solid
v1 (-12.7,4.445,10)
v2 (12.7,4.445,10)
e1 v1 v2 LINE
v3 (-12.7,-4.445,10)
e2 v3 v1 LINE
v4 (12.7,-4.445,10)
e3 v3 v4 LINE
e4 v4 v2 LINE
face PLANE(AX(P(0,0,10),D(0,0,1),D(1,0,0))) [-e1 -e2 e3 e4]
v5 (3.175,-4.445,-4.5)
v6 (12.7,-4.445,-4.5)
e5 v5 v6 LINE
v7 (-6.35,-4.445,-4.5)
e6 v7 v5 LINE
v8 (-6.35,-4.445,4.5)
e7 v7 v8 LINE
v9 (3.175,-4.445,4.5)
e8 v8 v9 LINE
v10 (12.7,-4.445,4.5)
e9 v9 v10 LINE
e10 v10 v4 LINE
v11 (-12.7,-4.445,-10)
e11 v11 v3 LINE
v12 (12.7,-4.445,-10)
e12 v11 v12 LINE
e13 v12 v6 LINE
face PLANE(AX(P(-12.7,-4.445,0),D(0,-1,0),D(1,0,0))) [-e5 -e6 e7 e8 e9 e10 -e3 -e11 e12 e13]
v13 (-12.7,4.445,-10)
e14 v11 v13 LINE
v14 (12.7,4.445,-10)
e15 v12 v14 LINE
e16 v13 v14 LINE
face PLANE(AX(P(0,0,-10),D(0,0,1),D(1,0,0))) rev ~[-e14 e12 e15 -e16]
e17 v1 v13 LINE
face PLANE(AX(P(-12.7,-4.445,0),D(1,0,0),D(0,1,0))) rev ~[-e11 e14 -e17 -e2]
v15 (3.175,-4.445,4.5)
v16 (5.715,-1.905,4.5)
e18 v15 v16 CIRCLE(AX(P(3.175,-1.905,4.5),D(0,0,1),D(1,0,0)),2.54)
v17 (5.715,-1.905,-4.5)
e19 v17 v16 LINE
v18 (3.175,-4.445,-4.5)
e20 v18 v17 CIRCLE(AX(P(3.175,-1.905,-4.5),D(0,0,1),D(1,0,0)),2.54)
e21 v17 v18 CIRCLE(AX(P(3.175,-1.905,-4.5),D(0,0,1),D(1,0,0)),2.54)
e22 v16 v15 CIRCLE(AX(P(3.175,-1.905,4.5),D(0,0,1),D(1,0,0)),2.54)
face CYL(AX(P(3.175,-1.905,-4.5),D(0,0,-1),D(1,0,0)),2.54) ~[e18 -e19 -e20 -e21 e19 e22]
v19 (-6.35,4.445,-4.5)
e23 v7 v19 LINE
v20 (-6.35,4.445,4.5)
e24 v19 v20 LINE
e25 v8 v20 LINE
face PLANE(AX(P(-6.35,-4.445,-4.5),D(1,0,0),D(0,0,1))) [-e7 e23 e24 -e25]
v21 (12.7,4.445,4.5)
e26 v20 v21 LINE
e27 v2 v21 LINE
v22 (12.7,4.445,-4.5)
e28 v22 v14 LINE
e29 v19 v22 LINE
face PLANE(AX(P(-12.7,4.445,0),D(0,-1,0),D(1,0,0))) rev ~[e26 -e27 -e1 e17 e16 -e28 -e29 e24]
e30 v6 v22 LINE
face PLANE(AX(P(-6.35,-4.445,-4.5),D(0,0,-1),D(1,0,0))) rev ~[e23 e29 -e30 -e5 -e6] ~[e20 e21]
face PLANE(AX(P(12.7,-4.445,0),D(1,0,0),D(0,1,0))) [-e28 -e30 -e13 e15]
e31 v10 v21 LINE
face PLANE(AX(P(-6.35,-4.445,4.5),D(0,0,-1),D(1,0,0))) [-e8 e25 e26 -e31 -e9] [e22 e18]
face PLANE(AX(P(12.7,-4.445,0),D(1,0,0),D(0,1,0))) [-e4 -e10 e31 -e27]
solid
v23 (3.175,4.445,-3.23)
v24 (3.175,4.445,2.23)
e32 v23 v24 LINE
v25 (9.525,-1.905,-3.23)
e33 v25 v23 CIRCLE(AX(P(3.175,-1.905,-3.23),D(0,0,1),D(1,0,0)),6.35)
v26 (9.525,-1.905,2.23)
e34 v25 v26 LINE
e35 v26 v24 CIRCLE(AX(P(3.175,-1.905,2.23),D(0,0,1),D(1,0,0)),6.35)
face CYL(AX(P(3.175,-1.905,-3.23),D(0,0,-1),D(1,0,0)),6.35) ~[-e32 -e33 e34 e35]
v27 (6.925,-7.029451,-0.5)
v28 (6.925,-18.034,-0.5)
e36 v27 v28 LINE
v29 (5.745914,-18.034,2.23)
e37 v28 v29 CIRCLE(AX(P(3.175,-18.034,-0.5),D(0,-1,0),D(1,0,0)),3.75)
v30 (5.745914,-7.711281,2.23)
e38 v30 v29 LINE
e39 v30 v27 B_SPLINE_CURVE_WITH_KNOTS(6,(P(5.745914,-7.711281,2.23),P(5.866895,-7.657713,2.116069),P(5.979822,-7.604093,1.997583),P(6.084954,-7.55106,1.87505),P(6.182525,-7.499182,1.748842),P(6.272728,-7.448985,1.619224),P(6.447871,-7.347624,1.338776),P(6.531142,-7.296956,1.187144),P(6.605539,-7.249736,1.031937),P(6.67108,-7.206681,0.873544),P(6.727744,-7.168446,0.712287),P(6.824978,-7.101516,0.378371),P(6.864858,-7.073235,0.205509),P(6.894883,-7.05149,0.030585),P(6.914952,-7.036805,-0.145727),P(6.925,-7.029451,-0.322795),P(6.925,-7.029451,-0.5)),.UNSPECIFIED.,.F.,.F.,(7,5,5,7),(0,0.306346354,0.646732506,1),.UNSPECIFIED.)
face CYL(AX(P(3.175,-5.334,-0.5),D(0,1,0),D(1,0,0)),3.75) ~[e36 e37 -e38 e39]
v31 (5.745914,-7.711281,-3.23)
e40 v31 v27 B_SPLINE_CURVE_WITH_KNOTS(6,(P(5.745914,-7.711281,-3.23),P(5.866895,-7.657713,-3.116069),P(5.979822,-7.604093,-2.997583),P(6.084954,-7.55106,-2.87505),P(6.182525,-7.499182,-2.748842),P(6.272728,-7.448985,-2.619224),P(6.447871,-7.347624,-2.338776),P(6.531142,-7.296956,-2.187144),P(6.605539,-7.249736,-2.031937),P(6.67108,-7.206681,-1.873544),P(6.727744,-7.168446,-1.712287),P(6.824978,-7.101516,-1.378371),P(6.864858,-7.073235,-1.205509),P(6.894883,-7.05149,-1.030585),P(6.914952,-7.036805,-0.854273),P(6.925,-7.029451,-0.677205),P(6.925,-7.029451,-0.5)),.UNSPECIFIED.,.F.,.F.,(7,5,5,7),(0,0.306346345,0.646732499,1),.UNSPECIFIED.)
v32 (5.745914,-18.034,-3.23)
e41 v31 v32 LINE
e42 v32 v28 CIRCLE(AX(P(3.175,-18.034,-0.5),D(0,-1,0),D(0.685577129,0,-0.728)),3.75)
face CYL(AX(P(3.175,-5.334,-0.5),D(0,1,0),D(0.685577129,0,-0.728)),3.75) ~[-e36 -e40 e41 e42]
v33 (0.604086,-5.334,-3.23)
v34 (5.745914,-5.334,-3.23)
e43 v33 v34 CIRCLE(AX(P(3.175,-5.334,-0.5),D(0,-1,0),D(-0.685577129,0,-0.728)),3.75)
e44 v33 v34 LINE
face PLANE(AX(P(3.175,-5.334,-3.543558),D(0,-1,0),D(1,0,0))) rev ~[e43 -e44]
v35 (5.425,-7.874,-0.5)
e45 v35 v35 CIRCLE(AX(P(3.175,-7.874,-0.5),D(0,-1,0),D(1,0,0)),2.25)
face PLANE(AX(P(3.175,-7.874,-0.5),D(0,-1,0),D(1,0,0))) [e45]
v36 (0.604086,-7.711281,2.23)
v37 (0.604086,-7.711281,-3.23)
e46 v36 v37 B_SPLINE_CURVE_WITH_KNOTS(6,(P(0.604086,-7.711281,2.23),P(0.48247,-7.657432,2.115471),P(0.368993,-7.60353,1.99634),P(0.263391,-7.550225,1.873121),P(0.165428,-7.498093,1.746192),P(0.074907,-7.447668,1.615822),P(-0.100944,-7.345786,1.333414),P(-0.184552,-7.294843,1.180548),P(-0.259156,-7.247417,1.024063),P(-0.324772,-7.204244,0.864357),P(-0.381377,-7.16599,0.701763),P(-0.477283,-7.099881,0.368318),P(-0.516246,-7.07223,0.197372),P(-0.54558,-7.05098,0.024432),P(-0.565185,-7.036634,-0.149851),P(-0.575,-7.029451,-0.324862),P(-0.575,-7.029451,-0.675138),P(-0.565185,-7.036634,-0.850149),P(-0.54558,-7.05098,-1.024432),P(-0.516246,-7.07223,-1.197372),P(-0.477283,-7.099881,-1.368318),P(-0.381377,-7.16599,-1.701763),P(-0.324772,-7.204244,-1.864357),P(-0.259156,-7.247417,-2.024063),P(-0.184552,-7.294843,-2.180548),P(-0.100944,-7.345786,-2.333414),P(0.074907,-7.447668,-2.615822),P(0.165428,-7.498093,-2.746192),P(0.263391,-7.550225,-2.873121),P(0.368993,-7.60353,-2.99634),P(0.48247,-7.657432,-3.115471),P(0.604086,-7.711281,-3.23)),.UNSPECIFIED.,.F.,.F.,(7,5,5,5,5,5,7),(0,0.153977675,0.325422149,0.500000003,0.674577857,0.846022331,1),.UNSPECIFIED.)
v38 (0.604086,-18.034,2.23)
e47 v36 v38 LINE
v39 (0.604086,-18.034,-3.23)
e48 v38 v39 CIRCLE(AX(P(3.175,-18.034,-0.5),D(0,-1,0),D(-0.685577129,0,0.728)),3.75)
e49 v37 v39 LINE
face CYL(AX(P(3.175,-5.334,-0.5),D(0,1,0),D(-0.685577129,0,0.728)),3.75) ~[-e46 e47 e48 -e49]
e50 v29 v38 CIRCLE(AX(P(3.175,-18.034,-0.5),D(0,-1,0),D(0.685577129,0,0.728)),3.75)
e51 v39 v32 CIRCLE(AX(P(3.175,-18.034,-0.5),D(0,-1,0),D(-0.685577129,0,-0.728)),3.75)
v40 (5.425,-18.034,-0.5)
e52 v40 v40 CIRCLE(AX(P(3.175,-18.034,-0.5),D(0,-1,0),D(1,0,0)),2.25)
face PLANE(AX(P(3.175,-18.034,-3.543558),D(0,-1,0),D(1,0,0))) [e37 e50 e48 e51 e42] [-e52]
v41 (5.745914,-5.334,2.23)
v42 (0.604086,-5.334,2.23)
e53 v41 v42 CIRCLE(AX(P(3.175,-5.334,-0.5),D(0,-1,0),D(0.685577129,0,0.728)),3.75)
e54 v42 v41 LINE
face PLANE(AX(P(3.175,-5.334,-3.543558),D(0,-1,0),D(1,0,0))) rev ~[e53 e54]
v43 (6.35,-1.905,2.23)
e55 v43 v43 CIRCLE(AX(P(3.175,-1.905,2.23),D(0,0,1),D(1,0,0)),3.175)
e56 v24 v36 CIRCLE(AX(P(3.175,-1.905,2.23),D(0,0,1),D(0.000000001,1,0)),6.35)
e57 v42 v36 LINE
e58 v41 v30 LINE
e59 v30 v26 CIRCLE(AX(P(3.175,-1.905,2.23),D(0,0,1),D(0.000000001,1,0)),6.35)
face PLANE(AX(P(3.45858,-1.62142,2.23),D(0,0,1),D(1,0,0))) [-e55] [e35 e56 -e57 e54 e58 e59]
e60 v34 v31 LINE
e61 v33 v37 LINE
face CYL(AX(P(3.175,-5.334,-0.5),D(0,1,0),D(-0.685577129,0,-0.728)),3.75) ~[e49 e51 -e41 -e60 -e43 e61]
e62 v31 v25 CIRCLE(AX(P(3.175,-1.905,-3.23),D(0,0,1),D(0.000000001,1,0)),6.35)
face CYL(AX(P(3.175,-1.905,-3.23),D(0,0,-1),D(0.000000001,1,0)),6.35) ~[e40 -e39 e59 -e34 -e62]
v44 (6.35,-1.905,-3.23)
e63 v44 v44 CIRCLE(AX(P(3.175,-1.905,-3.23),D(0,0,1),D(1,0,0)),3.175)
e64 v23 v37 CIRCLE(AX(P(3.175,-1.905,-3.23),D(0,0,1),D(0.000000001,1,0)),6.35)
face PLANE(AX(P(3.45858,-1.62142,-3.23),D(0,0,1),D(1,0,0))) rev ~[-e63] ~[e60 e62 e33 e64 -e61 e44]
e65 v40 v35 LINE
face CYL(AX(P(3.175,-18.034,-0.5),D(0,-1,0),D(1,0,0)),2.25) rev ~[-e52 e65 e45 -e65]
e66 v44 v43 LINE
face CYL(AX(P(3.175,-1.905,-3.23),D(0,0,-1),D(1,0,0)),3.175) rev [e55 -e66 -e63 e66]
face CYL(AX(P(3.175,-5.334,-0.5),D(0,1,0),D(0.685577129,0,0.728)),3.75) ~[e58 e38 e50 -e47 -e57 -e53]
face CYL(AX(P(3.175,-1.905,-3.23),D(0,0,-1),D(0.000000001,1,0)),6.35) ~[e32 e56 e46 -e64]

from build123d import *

# Parameters (mm, degrees)
F0_W      = 25.4
F0_H      = 8.89
F1_DEPTH  = 10
F2_W      = 19.05
F2_H      = 9
F3_DEPTH  = 8.891
F4_R      = 2.54
F5_DEPTH  = 9
F7_R      = 3.175
F8_DEPTH  = 5.46
F11_DEPTH = 12.7
F12_R     = 2.25
F13_DEPTH = 10.16


with BuildPart() as f1:
    # F0 (on Top) → F1 (new body, symmetric)
    with BuildSketch(Plane.XY):
        Rectangle(F0_W, F0_H)
    extrude(amount=F1_DEPTH, both=True)

    # F2 (on face) → F3 (cut, through all)
    with BuildSketch(Plane.XZ.offset(4.445)):
        with Locations((3.175, 0)):
            Rectangle(F2_W, F2_H)
    extrude(amount=-F3_DEPTH, mode=Mode.SUBTRACT)

    # F4 (on face) → F5 (join, through all)
    with BuildSketch(Plane.XY.offset(-4.5)):
        with Locations((3.175, -1.905)):
            Circle(F4_R)
    extrude(amount=F5_DEPTH)


with BuildPart() as f8:
    # F7 (on offset) → F8 (new body)
    with BuildSketch(Plane.XY.offset(-3.23)):
        with BuildLine():
            ThreePointArc((3.1750000069, 4.445), (-1.315128063, -6.3951280581), (9.525, -1.905))
            ThreePointArc((9.525, -1.905), (7.665128063, 2.5851280581), (3.1750000069, 4.445))
        make_face()
        with Locations((3.175, -1.905)):
            Circle(F7_R, mode=Mode.SUBTRACT)
    extrude(amount=F8_DEPTH)

    # F10 (on offset) → F11 (join)
    with BuildSketch(Plane.XZ.offset(5.334)):
        with BuildLine():
            ThreePointArc((0.6040857657, -3.23), (3.175, -4.25), (5.7459142343, -3.23))
            Line((5.7459142343, -3.23), (0.6040857657, -3.23))
        make_face()
        with BuildLine():
            Line((0.6040857657, -3.23), (5.7459142343, -3.23))
            ThreePointArc((5.7459142343, -3.23), (6.6176318696, -1.986871148), (6.925, -0.5))
            ThreePointArc((6.925, -0.5), (6.6176318696, 0.986871148), (5.7459142343, 2.23))
            Line((5.7459142343, 2.23), (0.6040857657, 2.23))
            ThreePointArc((0.6040857657, 2.23), (-0.575, -0.5), (0.6040857657, -3.23))
        make_face()
        with BuildLine():
            ThreePointArc((5.7459142343, 2.23), (3.175, 3.25), (0.6040857657, 2.23))
            Line((0.6040857657, 2.23), (5.7459142343, 2.23))
        make_face()
    extrude(amount=F11_DEPTH)

    # F12 (on face) → F13 (cut)
    with BuildSketch(Plane.XZ.offset(18.034)):
        with Locations((3.175, -0.5)):
            Circle(F12_R)
    extrude(amount=-F13_DEPTH, mode=Mode.SUBTRACT)


solid = Compound([f1.part, f8.part])
